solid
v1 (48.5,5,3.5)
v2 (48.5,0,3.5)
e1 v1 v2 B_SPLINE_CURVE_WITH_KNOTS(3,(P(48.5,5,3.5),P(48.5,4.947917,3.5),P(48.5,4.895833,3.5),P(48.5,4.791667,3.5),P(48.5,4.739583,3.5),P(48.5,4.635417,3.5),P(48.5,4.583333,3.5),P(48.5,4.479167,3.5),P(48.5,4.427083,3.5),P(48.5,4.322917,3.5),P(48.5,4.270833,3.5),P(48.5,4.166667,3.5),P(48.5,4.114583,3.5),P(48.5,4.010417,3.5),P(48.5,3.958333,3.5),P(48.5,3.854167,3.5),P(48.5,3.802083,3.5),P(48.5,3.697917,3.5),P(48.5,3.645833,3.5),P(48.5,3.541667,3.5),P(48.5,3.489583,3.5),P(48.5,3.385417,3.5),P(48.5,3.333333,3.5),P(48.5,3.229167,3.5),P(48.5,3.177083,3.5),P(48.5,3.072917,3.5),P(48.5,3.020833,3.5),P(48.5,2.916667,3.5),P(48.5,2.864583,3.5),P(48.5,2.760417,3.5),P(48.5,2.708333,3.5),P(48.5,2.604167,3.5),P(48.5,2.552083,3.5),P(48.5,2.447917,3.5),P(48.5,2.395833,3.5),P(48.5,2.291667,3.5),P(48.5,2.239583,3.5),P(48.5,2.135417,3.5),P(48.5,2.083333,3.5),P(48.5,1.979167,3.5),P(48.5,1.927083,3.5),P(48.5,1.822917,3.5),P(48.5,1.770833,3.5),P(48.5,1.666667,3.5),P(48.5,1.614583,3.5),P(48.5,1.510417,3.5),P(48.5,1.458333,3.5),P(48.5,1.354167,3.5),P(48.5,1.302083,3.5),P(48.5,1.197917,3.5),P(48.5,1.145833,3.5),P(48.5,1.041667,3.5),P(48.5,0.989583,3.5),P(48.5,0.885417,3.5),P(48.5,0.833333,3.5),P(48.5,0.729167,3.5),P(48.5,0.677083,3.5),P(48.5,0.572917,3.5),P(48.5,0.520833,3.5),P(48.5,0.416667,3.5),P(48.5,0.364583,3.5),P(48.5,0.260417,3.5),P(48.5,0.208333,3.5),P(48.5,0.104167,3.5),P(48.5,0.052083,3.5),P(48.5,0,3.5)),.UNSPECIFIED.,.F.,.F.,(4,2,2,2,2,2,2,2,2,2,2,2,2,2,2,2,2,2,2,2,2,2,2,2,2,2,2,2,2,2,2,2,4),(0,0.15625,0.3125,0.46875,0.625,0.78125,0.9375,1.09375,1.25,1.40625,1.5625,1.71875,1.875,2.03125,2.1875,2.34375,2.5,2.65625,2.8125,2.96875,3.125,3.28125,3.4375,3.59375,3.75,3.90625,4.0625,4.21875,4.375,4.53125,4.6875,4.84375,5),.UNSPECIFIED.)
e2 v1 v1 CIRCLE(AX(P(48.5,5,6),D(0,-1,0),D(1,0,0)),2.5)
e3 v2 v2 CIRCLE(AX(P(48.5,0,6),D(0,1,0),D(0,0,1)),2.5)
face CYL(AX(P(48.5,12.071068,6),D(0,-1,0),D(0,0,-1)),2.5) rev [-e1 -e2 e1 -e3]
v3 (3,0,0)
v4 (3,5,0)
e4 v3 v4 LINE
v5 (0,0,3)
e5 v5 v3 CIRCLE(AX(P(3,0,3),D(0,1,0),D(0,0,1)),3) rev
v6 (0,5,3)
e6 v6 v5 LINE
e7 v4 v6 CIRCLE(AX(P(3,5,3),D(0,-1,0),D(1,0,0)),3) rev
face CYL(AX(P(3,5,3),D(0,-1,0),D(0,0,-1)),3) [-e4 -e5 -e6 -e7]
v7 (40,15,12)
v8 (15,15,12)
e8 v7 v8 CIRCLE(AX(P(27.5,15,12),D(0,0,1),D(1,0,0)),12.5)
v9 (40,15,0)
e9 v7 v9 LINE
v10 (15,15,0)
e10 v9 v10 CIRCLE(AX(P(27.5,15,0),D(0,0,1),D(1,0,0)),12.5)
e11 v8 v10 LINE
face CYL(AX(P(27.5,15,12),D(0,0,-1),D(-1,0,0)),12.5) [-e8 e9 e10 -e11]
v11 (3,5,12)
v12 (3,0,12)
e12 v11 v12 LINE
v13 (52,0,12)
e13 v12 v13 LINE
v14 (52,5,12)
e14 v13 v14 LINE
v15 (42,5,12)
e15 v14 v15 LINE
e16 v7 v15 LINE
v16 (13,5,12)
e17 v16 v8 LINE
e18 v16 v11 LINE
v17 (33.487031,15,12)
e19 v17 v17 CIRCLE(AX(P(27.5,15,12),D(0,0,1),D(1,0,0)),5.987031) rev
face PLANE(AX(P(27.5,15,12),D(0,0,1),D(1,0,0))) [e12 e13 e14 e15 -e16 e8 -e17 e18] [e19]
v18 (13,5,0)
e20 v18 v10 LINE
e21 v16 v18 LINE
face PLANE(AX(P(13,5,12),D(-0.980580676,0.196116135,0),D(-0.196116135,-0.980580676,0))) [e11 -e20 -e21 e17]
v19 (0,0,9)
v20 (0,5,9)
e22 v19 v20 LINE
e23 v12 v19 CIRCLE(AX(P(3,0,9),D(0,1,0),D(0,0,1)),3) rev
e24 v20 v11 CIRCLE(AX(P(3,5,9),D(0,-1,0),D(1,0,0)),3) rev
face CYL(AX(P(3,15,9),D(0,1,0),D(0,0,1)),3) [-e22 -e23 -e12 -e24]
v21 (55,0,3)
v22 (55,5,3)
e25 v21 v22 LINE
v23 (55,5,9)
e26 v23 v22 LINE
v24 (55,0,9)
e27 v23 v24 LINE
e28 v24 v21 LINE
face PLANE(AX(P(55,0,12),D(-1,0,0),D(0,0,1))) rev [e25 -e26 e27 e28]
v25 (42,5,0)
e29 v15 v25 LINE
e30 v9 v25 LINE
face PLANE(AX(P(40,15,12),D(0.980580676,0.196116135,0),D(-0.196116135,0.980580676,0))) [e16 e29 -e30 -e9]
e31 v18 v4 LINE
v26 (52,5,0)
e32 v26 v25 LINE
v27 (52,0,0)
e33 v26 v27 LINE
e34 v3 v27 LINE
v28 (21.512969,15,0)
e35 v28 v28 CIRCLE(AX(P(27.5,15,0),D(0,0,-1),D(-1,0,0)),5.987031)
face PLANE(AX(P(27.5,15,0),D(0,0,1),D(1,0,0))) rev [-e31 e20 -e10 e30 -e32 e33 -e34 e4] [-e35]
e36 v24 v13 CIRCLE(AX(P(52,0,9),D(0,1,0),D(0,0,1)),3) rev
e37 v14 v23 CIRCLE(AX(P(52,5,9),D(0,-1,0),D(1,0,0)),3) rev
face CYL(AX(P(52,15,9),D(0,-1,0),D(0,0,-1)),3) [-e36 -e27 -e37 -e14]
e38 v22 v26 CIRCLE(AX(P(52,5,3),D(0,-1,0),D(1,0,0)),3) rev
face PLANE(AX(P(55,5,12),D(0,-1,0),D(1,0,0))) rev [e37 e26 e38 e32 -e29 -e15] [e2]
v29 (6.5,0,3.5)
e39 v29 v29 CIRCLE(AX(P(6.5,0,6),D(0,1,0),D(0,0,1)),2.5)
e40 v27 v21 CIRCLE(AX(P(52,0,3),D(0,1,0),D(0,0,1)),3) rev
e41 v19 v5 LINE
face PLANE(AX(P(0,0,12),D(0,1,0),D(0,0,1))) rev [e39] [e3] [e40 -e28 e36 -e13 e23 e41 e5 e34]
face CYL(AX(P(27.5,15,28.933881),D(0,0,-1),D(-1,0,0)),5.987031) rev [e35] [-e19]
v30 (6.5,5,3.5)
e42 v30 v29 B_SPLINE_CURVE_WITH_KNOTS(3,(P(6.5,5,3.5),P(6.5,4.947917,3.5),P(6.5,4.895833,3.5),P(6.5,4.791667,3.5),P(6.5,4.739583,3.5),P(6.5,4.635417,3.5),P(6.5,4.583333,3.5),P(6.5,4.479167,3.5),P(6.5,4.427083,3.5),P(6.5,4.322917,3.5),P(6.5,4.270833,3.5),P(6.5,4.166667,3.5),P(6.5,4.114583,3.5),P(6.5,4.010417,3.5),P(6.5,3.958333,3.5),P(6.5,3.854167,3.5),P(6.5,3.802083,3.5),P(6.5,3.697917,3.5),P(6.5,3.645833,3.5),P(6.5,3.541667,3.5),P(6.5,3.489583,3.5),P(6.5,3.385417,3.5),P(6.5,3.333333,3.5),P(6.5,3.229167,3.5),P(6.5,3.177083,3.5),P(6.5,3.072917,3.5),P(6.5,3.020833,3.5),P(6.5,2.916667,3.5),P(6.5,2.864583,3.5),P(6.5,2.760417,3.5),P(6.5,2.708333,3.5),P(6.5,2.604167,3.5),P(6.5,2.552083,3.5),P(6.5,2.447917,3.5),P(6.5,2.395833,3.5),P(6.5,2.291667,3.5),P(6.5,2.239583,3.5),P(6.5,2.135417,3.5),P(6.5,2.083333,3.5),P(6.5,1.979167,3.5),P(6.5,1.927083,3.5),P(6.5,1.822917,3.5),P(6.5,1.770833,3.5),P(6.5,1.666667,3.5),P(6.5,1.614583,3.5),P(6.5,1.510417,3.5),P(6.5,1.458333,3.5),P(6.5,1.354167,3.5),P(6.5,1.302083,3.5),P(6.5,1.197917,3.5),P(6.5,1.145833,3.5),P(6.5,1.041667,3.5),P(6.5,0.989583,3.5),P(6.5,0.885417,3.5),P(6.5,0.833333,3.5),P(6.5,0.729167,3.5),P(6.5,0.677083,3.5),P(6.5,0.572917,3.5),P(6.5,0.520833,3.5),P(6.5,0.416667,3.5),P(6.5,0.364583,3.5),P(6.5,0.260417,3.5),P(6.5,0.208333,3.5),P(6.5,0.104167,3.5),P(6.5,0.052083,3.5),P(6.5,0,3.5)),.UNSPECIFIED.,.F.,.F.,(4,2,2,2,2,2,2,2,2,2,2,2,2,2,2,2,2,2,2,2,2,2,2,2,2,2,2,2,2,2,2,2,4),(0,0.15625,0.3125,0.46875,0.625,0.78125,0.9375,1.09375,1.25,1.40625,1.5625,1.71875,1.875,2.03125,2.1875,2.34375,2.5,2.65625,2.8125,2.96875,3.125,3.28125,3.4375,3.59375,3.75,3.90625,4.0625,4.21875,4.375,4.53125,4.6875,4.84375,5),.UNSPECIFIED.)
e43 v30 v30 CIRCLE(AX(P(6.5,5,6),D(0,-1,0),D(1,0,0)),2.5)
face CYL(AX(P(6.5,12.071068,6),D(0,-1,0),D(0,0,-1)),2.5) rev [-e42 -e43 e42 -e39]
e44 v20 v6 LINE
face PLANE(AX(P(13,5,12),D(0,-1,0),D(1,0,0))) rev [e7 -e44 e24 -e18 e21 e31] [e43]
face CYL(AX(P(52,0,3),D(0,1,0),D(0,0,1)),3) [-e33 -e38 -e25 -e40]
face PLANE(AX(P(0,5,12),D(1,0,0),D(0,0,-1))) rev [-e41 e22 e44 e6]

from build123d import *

# Parameters (mm, degrees)
BOSS_EXTRUDE3_DEPTH = 12
SKETCH7_R           = 5.987031074
CUT_EXTRUDE1_DEPTH  = 12
SKETCH9_R           = 2.5
CUT_EXTRUDE2_DEPTH  = 5
FILLET2_R           = 3


with BuildPart() as part:
    # Sketch5 → Boss-Extrude3 (new body)
    with BuildSketch(Plane.XY):
        with BuildLine():
            Line((0, 0), (55, 0))
            Line((55, 0), (55, 5))
            Line((55, 5), (42, 5))
            Line((42, 5), (40, 15))
            ThreePointArc((40, 15), (27.5, 27.5), (15, 15))
            Line((15, 15), (13, 5))
            Line((13, 5), (0, 5))
            Line((0, 5), (0, 0))
        make_face()
    extrude(amount=BOSS_EXTRUDE3_DEPTH)

    # Sketch7 → Cut-Extrude1 (cut)
    with BuildSketch(Plane(origin=(0, 0, 0), x_dir=(-1, 0, 0), z_dir=(0, 0, -1))):
        with Locations((-27.5, 15)):
            Circle(SKETCH7_R)
    extrude(amount=-CUT_EXTRUDE1_DEPTH, mode=Mode.SUBTRACT)

    # Sketch9 → Cut-Extrude2 (cut)
    with BuildSketch(Plane(origin=(0, 0, 0), x_dir=(1, 0, 0), z_dir=(0, 1, 0))):
        with Locations(Location((6.5, -6, 0), (0, 0, 90))):
            Circle(SKETCH9_R)
        with Locations(Location((48.5, -6, 0), (0, 0, 90))):
            Circle(SKETCH9_R)
    extrude(amount=CUT_EXTRUDE2_DEPTH, mode=Mode.SUBTRACT)

    # Fillet2
    fillet2_edges = [part.edges().sort_by_distance(p)[0] for p in [
        (0, 2.5, 0),
        (0, 2.5, 12),
        (55, 2.5, 12),
        (55, 2.5, 0),
    ]]
    fillet(fillet2_edges, radius=FILLET2_R)


solid = part.part
